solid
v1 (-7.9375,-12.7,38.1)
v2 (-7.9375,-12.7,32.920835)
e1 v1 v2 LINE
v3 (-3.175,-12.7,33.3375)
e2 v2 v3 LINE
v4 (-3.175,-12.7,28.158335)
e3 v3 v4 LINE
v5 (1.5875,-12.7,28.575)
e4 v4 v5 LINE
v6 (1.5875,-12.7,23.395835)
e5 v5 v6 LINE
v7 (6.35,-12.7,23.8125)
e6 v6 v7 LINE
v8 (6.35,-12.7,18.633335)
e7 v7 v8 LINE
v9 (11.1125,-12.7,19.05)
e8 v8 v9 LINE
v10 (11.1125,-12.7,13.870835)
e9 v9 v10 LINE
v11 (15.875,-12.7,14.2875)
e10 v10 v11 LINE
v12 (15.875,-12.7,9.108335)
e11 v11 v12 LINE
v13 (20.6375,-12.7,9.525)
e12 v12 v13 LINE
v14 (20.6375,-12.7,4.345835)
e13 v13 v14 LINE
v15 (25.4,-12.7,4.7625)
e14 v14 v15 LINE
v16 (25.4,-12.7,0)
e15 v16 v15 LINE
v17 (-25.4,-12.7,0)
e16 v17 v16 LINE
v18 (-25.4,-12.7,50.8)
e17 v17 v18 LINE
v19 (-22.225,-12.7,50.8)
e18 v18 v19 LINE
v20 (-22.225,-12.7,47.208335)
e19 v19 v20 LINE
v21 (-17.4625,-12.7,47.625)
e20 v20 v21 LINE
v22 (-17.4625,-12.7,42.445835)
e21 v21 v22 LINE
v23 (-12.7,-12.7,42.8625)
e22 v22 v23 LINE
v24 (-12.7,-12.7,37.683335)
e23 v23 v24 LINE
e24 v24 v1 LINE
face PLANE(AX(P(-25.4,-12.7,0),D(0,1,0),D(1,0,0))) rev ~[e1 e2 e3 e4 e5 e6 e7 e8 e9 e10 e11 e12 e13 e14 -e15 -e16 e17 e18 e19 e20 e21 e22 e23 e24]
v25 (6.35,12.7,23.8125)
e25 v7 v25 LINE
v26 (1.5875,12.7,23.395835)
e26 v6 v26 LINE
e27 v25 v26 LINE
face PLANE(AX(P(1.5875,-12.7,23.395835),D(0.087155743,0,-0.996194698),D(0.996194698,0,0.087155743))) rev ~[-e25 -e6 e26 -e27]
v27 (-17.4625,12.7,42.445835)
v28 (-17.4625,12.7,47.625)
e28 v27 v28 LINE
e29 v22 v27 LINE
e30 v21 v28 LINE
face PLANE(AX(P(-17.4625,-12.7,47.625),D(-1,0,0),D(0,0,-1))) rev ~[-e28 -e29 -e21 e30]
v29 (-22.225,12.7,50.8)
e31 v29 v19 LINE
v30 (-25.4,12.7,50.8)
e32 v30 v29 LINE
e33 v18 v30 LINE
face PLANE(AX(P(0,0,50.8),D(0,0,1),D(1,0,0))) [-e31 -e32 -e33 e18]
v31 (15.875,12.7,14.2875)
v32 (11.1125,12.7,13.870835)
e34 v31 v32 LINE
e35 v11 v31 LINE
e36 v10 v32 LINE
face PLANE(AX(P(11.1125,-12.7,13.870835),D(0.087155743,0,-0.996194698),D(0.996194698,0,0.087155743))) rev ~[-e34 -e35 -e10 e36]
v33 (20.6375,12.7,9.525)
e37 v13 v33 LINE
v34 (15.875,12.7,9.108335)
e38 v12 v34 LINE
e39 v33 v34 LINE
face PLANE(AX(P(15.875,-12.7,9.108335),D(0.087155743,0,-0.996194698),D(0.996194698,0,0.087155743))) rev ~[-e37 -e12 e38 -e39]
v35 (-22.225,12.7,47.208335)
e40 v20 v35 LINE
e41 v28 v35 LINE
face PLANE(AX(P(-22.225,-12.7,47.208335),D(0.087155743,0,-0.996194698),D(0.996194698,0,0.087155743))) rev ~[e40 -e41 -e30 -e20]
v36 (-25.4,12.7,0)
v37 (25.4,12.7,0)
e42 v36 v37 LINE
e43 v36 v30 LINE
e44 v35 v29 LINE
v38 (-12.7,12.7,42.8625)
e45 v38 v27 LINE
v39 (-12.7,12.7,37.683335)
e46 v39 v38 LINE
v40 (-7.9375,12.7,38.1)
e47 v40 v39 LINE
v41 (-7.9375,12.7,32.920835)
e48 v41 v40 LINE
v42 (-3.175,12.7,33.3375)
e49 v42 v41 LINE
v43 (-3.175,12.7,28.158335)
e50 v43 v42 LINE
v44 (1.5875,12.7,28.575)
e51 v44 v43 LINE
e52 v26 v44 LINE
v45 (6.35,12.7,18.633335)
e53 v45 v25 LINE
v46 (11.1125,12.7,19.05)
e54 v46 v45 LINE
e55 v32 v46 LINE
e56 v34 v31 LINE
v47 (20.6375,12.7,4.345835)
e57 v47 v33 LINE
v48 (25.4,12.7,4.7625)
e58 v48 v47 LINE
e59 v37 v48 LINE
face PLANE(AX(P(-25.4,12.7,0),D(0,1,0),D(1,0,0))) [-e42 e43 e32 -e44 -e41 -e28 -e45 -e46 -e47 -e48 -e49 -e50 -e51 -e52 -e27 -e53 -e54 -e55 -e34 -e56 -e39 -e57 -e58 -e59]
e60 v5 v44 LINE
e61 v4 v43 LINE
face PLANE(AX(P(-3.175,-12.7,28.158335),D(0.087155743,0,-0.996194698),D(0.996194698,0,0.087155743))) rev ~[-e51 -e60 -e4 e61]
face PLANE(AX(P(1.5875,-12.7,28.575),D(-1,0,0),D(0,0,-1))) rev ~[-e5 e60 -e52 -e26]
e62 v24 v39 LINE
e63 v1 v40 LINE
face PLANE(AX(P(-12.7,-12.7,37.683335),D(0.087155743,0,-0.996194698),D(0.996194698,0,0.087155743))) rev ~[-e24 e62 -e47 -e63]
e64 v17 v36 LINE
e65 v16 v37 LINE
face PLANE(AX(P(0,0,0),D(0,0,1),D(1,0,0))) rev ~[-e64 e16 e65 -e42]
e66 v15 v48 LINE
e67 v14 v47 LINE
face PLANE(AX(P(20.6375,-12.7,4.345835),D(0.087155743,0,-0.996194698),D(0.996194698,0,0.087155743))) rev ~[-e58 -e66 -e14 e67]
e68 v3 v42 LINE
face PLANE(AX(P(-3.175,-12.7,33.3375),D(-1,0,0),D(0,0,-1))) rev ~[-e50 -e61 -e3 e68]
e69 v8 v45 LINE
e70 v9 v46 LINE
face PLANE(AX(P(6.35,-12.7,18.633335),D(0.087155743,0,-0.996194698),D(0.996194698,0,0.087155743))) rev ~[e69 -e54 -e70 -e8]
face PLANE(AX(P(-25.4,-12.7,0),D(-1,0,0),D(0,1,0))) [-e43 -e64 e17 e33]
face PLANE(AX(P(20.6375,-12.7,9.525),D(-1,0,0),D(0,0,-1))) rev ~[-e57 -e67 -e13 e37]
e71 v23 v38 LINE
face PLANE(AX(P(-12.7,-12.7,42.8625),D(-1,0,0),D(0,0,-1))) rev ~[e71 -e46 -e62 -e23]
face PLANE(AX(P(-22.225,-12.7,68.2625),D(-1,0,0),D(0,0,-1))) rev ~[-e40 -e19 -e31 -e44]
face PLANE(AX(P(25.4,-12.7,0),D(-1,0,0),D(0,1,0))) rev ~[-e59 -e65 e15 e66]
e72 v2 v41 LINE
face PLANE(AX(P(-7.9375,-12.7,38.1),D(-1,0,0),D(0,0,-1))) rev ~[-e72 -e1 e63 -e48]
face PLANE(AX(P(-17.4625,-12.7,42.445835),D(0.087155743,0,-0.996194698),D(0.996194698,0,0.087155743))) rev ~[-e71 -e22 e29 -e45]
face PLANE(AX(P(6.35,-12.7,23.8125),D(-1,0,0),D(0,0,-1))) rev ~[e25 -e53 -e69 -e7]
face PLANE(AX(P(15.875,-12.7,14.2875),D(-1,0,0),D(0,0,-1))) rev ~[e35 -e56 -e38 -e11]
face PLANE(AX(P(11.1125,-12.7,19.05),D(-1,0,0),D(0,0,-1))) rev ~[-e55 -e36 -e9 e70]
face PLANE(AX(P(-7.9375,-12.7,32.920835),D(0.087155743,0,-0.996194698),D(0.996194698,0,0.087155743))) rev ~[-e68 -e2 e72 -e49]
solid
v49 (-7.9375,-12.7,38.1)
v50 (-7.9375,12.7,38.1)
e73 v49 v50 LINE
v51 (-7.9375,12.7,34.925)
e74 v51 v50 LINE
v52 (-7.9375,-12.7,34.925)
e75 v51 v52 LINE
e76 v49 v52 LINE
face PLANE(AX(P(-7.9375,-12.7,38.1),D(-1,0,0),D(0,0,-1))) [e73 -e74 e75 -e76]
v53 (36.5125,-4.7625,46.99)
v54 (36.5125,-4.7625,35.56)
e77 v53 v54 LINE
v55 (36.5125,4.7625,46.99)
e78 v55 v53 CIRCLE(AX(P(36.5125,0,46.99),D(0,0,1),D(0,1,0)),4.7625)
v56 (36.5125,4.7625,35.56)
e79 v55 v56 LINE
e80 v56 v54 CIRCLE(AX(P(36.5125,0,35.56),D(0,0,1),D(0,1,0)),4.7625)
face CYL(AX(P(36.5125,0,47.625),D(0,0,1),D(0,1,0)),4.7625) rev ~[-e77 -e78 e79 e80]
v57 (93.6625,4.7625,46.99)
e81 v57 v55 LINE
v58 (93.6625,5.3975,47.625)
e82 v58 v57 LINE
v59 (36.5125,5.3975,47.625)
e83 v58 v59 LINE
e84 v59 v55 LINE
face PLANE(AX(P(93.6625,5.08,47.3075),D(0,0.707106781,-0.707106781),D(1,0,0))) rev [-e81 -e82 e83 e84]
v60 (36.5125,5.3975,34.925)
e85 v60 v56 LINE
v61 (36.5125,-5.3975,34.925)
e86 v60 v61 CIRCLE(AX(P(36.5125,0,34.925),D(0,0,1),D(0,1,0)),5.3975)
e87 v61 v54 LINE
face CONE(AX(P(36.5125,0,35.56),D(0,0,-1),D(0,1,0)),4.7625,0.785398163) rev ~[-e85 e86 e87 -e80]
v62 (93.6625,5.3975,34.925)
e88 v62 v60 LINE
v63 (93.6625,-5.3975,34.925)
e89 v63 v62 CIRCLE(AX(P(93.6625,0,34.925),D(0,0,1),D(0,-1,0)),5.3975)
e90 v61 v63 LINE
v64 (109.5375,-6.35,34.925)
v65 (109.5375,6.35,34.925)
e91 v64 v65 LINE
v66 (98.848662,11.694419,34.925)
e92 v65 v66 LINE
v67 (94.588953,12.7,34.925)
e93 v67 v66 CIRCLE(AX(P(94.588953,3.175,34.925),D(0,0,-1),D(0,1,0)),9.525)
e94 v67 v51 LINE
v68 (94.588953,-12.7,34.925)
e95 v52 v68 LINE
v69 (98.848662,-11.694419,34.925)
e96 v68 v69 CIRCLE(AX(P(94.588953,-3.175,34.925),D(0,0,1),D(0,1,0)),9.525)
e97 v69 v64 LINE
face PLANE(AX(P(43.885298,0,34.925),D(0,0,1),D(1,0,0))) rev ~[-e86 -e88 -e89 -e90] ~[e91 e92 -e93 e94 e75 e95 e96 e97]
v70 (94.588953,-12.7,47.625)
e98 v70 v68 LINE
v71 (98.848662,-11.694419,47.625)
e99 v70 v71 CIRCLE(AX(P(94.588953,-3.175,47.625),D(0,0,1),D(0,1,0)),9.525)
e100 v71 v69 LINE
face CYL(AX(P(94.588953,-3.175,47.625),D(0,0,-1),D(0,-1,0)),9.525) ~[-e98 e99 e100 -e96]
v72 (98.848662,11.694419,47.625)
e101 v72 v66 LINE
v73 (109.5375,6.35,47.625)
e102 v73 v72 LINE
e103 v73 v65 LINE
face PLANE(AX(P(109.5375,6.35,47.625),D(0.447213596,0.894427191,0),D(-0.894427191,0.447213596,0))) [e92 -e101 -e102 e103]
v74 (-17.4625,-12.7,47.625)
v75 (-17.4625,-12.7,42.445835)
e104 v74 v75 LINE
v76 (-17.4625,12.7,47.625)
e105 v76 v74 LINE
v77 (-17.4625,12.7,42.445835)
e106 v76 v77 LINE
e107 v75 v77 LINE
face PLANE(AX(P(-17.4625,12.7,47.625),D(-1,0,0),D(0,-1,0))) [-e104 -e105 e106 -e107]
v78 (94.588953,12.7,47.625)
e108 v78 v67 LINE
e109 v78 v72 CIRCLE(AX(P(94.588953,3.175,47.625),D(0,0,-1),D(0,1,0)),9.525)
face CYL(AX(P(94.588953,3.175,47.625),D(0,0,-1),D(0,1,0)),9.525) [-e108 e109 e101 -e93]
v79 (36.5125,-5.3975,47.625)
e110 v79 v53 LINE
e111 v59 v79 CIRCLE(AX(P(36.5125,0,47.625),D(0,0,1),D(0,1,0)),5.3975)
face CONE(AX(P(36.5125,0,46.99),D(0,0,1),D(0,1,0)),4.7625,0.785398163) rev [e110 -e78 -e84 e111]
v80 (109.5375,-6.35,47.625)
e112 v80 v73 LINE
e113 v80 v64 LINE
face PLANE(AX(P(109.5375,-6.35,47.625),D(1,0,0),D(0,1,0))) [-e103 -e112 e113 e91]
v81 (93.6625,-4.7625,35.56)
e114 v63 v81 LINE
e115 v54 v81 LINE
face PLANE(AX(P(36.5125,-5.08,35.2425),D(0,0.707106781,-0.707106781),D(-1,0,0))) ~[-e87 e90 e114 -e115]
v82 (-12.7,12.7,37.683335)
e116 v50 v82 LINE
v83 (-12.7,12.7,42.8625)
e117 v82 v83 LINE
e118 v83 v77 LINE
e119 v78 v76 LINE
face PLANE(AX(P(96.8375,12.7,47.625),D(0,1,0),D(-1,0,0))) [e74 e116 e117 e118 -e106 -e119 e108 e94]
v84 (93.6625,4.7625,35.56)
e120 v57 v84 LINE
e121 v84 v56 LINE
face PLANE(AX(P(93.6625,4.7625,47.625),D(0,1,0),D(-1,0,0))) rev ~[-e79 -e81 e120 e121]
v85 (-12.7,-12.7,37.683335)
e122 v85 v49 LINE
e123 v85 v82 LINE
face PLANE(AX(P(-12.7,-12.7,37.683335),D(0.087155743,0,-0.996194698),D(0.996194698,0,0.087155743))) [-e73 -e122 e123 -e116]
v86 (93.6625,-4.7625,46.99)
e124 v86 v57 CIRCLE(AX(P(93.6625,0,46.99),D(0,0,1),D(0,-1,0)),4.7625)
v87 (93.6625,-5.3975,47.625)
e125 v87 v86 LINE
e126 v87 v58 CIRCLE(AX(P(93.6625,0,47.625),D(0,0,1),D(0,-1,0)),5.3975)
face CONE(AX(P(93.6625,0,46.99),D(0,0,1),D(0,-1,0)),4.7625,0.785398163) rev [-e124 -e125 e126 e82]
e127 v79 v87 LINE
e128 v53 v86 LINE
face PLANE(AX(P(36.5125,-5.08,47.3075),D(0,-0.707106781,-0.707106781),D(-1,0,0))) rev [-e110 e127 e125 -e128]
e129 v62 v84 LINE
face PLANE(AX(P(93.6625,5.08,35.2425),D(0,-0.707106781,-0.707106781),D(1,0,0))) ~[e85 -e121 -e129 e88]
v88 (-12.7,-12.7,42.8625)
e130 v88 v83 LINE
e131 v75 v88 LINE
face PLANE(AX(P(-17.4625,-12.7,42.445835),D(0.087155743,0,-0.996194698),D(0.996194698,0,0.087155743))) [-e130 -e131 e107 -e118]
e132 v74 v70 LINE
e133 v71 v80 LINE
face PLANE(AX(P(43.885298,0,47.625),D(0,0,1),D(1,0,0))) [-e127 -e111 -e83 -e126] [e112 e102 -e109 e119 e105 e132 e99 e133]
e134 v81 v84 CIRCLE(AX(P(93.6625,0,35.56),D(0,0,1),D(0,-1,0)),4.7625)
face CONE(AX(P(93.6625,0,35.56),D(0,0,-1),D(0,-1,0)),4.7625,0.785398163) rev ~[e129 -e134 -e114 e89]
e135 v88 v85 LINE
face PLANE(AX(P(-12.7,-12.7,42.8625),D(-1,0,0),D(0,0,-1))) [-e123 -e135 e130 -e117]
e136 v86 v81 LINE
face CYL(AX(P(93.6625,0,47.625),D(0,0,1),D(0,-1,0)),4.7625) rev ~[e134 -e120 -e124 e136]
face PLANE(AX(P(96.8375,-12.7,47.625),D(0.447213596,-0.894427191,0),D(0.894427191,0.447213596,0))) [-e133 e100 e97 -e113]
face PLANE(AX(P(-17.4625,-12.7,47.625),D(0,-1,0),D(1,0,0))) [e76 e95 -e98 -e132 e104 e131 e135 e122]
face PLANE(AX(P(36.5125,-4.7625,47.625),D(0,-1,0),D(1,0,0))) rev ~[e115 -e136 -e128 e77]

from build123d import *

# Parameters (mm, degrees)
F0_W      = 50.8
F0_H      = 25.4
F1_DEPTH  = 50.8
F8_DEPTH  = 25.401
F10_DEPTH = 12.6999998465
F4_DEPTH  = 47.626
F12_SIZE  = 0.635
F13_R     = 9.525


with BuildPart() as f1:
    # F0 (on Top) → F1 (new body)
    with BuildSketch(Plane.XY):
        Rectangle(F0_W, F0_H)
    extrude(amount=F1_DEPTH)

    # F7 (on offset) → F8 (cut, through all)
    with BuildSketch(Plane.XZ.offset(12.7)):
        Polygon((20.6375, 4.34583524), (25.4, 4.7625), (25.4, 68.2625), (-22.225, 68.2625), (-22.225, 47.20833524), (-17.4625, 47.625), (-17.4625, 42.44583524), (-12.7, 42.8625), (-12.7, 37.68333524), (-7.9375, 38.1), (-7.9375, 32.92083524), (-3.175, 33.3375), (-3.175, 28.15833524), (1.5875, 28.575), (1.5875, 23.39583524), (6.35, 23.8125), (6.35, 18.63333524), (11.1125, 19.05), (11.1125, 13.87083524), (15.875, 14.2875), (15.875, 9.10833524), (20.6375, 9.525), align=None)
    extrude(amount=-F8_DEPTH, mode=Mode.SUBTRACT)


with BuildPart() as f10:
    # F9 (on offset) → F10 (new body)
    with BuildSketch(Plane.XY.offset(47.625)):
        Polygon((96.8375, 12.7), (-17.4625, 12.7), (-17.4625, -12.7), (96.8375, -12.7), (109.5375, -6.35), (109.5375, 0), (109.5375, 6.35), align=None)
    extrude(amount=-F10_DEPTH)

    # F11 (on face) → F4 (cut, through all)
    with BuildSketch(Plane.XY.offset(47.625)):
        with BuildLine():
            ThreePointArc((36.5125, 4.7625), (31.75, 0), (36.5125, -4.7625))
            Line((36.5125, -4.7625), (93.6625, -4.7625))
            ThreePointArc((93.6625, -4.7625), (98.425, 0), (93.6625, 4.7625))
            Line((93.6625, 4.7625), (36.5125, 4.7625))
        make_face()
    extrude(amount=-F4_DEPTH, mode=Mode.SUBTRACT)

    # F5: cut F1
    add(f1.part, mode=Mode.SUBTRACT)

    # F12
    f12_edges = [f10.edges().sort_by_distance(p)[0] for p in [
        (65.0875, 4.7625, 47.625),
        (65.0875, -4.7625, 34.925),
    ]]
    chamfer(f12_edges, length=F12_SIZE)

    # F13
    f13_edges = [f10.edges().sort_by_distance(p)[0] for p in [
        (96.8375, -12.7, 41.275),
        (96.8375, 12.7, 41.275),
    ]]
    fillet(f13_edges, radius=F13_R)


solid = Compound([f1.part, f10.part])
